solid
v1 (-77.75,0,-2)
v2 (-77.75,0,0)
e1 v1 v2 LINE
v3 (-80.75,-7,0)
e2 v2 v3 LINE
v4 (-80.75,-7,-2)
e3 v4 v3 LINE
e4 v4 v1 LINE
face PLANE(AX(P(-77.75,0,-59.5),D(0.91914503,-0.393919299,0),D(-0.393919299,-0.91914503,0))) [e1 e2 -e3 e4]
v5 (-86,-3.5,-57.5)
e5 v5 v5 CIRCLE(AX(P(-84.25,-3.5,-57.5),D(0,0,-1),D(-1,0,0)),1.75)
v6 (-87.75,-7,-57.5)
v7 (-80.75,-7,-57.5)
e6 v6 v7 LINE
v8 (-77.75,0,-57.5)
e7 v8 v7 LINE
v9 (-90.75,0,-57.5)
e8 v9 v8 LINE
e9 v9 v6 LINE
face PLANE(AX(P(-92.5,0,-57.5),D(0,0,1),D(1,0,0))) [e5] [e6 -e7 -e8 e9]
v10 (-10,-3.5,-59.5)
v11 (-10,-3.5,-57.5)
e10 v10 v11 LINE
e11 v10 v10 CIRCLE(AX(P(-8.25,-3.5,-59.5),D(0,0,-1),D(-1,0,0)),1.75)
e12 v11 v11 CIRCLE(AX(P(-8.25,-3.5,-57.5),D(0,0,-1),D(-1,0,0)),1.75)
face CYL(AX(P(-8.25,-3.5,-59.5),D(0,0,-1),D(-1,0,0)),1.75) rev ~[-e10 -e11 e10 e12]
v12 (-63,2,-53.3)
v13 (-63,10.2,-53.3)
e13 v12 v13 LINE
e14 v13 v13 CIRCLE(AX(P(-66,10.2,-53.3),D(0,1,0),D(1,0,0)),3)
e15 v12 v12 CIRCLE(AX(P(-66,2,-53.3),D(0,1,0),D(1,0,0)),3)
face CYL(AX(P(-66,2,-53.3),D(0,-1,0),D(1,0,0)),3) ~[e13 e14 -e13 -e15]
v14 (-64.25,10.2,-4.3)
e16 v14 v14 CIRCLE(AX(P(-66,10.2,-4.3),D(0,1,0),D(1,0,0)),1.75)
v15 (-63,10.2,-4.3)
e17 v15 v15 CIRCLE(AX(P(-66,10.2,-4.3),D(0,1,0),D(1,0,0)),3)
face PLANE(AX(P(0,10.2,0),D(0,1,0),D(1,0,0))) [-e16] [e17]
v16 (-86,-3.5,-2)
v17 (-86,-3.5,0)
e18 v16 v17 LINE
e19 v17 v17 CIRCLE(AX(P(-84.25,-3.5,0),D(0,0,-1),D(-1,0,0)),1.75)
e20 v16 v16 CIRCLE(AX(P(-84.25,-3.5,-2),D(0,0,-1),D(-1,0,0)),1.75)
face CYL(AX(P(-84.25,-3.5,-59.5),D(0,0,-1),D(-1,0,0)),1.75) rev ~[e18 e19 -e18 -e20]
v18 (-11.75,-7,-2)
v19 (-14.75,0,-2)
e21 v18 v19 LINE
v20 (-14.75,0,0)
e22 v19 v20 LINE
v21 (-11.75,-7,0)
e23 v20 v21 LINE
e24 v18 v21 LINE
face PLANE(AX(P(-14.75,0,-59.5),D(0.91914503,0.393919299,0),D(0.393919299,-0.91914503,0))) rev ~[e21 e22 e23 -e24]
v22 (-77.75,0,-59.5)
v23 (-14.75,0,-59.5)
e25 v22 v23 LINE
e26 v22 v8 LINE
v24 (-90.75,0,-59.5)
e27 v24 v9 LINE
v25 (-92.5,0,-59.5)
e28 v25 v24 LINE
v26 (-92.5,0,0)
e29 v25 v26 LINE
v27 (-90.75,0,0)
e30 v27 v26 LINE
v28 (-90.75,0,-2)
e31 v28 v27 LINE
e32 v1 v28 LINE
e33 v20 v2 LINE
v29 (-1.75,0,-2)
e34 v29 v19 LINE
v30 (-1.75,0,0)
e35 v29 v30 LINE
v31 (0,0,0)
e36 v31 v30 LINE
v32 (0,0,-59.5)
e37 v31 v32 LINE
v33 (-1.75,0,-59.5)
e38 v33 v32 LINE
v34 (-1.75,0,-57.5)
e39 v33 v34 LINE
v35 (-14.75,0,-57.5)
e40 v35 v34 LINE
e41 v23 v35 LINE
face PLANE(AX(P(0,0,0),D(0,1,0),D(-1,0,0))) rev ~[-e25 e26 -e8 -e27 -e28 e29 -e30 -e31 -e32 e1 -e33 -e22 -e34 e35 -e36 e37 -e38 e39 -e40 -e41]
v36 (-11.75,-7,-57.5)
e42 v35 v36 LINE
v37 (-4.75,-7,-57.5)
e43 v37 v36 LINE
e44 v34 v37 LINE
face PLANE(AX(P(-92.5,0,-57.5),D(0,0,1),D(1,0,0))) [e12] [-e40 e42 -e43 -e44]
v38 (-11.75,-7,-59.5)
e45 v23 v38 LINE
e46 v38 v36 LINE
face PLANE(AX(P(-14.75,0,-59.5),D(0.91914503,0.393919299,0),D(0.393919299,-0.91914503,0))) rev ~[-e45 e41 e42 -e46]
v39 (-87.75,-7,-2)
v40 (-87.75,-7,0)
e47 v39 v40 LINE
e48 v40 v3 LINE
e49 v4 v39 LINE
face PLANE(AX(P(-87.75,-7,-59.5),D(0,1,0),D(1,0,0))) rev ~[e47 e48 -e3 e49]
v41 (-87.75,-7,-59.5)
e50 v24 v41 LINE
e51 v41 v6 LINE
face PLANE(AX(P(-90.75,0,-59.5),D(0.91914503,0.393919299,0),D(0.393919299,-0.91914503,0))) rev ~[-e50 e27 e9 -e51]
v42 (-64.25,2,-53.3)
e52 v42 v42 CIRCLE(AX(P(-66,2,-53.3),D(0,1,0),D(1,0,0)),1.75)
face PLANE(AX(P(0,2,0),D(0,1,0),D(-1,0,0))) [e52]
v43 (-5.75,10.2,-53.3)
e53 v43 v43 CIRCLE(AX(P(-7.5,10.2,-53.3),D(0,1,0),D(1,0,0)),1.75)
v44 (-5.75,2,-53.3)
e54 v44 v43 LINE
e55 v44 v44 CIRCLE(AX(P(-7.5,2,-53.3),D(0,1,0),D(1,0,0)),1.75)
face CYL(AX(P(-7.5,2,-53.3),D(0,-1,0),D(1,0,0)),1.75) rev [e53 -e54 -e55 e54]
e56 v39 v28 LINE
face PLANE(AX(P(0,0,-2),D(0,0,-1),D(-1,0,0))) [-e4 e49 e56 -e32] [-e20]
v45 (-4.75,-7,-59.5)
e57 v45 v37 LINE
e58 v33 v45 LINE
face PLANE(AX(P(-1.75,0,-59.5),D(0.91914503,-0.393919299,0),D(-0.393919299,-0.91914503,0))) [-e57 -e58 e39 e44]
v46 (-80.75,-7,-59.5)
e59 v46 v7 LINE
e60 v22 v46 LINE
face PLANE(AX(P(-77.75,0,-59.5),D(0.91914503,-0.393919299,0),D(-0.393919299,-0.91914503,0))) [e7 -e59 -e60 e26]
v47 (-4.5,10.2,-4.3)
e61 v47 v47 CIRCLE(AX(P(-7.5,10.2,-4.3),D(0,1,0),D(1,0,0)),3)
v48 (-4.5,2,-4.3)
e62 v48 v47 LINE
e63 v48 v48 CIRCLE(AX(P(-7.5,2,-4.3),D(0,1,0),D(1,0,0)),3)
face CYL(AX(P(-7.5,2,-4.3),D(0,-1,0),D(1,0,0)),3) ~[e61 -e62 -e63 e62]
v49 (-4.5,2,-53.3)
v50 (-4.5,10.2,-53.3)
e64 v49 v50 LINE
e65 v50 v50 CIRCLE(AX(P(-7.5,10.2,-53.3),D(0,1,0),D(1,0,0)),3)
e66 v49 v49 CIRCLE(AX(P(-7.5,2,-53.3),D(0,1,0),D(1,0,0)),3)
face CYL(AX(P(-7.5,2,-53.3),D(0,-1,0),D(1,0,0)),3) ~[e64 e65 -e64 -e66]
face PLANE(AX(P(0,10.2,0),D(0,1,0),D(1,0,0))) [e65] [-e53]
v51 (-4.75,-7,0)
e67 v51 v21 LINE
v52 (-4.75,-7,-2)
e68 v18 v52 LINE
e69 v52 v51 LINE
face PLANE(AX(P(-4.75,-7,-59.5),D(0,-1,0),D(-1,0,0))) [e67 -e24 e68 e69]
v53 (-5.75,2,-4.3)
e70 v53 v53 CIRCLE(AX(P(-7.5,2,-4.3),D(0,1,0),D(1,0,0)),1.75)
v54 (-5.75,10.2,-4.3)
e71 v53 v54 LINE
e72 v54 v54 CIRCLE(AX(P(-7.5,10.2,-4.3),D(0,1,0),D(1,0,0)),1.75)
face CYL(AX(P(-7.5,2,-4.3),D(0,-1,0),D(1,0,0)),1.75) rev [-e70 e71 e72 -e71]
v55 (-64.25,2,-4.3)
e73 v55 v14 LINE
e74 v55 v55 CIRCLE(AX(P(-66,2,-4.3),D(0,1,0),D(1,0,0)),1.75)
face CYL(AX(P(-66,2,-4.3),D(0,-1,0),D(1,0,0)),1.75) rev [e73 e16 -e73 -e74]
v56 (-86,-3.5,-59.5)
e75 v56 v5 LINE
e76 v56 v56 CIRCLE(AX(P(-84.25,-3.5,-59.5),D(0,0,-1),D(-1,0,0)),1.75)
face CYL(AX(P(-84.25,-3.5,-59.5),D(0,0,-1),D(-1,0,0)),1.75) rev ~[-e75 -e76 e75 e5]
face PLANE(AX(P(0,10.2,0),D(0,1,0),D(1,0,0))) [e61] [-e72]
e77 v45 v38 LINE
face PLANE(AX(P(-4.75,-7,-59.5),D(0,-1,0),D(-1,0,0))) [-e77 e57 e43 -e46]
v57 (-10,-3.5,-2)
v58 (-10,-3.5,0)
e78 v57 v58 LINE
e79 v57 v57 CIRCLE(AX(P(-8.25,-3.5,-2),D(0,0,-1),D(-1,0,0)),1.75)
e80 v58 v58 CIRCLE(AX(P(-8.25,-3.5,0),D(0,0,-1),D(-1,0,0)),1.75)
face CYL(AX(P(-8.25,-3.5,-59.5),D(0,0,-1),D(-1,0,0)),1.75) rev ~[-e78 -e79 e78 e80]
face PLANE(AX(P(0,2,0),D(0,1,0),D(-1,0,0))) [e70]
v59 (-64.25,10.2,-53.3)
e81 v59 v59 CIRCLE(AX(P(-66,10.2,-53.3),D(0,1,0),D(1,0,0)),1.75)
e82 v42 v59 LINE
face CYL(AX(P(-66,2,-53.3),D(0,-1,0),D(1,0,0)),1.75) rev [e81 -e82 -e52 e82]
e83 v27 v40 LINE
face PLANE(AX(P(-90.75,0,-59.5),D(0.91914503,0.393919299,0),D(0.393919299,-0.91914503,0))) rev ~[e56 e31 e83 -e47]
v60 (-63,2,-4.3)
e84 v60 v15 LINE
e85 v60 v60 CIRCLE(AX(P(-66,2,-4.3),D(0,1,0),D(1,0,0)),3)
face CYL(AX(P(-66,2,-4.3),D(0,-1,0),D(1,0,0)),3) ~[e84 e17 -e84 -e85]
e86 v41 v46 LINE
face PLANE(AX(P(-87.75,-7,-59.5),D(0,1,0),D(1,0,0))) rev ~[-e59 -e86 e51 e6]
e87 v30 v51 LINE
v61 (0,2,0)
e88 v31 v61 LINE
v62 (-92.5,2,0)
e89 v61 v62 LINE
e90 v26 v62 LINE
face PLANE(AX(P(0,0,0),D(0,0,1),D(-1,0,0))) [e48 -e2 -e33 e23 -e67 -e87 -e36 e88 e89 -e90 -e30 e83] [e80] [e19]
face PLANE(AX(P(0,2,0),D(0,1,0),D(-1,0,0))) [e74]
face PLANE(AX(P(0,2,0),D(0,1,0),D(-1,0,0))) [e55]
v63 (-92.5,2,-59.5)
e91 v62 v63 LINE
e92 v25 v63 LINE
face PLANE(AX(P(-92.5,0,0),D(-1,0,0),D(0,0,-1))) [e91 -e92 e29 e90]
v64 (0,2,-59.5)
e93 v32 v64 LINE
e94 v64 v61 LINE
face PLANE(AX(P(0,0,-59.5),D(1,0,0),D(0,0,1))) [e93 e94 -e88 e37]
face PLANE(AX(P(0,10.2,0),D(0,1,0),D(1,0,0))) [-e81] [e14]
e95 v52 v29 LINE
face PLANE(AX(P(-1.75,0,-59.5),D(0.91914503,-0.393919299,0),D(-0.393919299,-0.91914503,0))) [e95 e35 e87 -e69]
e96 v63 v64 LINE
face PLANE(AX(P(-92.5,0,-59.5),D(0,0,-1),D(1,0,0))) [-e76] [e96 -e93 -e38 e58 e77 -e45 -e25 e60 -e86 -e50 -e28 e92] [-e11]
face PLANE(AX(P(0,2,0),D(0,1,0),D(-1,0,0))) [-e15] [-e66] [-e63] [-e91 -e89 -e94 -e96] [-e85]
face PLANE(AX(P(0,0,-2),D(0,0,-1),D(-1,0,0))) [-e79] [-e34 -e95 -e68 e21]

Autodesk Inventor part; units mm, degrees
ref_plane "YZ Plane" through (0, 0, 0) normal (1, 0, 0) x (0, 1, 0)
ref_plane "XZ Plane" through (0, 0, 0) normal (0, 1, 0) x (-1, 0, 0)
ref_plane "XY Plane" through (0, 0, 0) normal (0, 0, 1) x (1, 0, 0)
sketch "Sketch1" plane through (0, 0, 0) normal (0, 1, 0) x (-1, 0, 0)
  line L0 (0, 0) -> (92.5, 0)
  line L1 (92.5, 0) -> (92.5, -59.5)
  line L2 (92.5, -59.5) -> (0, -59.5)
  line L3 (0, -59.5) -> (0, 0)
  dimension "d0" = 92.5
  dimension "d1" = 59.5
extrude "Extrusion1" add sketch "Sketch1" along normal blind 2
sketch "Sketch2" plane through (0, 0, -59.5) normal (0, 0, -1) x (-1, 0, 0)
  line L0 (0, 0) -> (92.5, 0) projected
  line L1 (46.25, 0) -> (46.25, 2) construction
  line L2 (92.5, 2) -> (0, 2) projected
  line L3 (14.75, 0) -> (1.75, 0)
  line L4 (4.75, -7) -> (11.75, -7)
  line L5 (1.75, 0) -> (4.75, -7)
  line L6 (14.75, 0) -> (11.75, -7)
  circle A0 centre (8.25, -3.5) radius 1.75
  line L7 (87.75, -7) -> (80.75, -7)
  line L8 (90.75, 0) -> (87.75, -7)
  line L9 (77.75, 0) -> (80.75, -7)
  circle A1 centre (84.25, -3.5) radius 1.75
  line L10 (90.75, 0) -> (77.75, 0)
  dimension "d4" = 13
  dimension "d5" = 7
  dimension "d6" = 1.75
  dimension "d7" = 7
  dimension "d8" = 3
  dimension "d9" = 3.5
  dimension "d10" = 6.5
  dimension "d11" = 3.5
extrude "Extrusion2" add sketch "Sketch2" against normal up to surface (59.5 mm away)
sketch "Sketch3" plane through (0, 0, 0) normal (0, -1, 0) x (1, 0, 0)
  line L0 (-92.5, -57.5) -> (0, -57.5)
  line L1 (0, -57.5) -> (0, -2)
  line L2 (0, -2) -> (-92.5, -2)
  line L3 (-92.5, -2) -> (-92.5, -57.5)
  line L4 (-77.75, -59.5) -> (-14.75, -59.5) projected
  line L5 (-92.5, -59.5) -> (-92.5, 0) projected
  line L6 (-14.75, 0) -> (-77.75, 0) projected
  line L7 (0, 0) -> (0, -59.5) projected
  dimension "d14" = 2
  dimension "d16" = 0
  dimension "d17" = 2
  dimension "d18" = 0
extrude "Extrusion3" cut sketch "Sketch3" along normal through all
sketch "Sketch4" plane through (0, 2, 0) normal (0, 1, 0) x (1, 0, 0)
  line L0 (-89, 0.8) -> (-4, 0.8) construction
  line L1 (-4, 0.8) -> (-4, 56.8) construction
  line L2 (-4, 56.8) -> (-89, 56.8) construction
  line L3 (-89, 56.8) -> (-89, 0.8) construction
  line L4 (0, 0) -> (0, 59.5) projected
  line L5 (-92.5, 0) -> (0, 0) projected
  circle A0 centre (-7.5, 4.3) radius 3
  circle A1 centre (-7.5, 53.3) radius 3
  circle A2 centre (-66, 4.3) radius 3
  circle A3 centre (-66, 53.3) radius 3
  circle A4 centre (-66, 4.3) radius 1.75
  circle A5 centre (-66, 53.3) radius 1.75
  circle A6 centre (-7.5, 53.3) radius 1.75
  circle A7 centre (-7.5, 4.3) radius 1.75
  dimension "d21" = 85
  dimension "d22" = 56
  dimension "d23" = 4
  dimension "d24" = 0.8
  dimension "d25" = 6
  dimension "d26" = 6
  dimension "d27" = 6
  dimension "d28" = 6
  dimension "d29" = 3.5
  dimension "d30" = 3.5
  dimension "d31" = 3.5
  dimension "d32" = 3.5
  dimension "d33" = 3.5
  dimension "d34" = 3.5
  dimension "d35" = 58.5
  dimension "d36" = 58.5
  dimension "d37" = 3.5
  dimension "d38" = 3.5
  dimension "d39" = 3.5
  dimension "d40" = 3.5
extrude "Extrusion4" add sketch "Sketch4" along normal blind 8.2
properties part number "Pi Holder"
